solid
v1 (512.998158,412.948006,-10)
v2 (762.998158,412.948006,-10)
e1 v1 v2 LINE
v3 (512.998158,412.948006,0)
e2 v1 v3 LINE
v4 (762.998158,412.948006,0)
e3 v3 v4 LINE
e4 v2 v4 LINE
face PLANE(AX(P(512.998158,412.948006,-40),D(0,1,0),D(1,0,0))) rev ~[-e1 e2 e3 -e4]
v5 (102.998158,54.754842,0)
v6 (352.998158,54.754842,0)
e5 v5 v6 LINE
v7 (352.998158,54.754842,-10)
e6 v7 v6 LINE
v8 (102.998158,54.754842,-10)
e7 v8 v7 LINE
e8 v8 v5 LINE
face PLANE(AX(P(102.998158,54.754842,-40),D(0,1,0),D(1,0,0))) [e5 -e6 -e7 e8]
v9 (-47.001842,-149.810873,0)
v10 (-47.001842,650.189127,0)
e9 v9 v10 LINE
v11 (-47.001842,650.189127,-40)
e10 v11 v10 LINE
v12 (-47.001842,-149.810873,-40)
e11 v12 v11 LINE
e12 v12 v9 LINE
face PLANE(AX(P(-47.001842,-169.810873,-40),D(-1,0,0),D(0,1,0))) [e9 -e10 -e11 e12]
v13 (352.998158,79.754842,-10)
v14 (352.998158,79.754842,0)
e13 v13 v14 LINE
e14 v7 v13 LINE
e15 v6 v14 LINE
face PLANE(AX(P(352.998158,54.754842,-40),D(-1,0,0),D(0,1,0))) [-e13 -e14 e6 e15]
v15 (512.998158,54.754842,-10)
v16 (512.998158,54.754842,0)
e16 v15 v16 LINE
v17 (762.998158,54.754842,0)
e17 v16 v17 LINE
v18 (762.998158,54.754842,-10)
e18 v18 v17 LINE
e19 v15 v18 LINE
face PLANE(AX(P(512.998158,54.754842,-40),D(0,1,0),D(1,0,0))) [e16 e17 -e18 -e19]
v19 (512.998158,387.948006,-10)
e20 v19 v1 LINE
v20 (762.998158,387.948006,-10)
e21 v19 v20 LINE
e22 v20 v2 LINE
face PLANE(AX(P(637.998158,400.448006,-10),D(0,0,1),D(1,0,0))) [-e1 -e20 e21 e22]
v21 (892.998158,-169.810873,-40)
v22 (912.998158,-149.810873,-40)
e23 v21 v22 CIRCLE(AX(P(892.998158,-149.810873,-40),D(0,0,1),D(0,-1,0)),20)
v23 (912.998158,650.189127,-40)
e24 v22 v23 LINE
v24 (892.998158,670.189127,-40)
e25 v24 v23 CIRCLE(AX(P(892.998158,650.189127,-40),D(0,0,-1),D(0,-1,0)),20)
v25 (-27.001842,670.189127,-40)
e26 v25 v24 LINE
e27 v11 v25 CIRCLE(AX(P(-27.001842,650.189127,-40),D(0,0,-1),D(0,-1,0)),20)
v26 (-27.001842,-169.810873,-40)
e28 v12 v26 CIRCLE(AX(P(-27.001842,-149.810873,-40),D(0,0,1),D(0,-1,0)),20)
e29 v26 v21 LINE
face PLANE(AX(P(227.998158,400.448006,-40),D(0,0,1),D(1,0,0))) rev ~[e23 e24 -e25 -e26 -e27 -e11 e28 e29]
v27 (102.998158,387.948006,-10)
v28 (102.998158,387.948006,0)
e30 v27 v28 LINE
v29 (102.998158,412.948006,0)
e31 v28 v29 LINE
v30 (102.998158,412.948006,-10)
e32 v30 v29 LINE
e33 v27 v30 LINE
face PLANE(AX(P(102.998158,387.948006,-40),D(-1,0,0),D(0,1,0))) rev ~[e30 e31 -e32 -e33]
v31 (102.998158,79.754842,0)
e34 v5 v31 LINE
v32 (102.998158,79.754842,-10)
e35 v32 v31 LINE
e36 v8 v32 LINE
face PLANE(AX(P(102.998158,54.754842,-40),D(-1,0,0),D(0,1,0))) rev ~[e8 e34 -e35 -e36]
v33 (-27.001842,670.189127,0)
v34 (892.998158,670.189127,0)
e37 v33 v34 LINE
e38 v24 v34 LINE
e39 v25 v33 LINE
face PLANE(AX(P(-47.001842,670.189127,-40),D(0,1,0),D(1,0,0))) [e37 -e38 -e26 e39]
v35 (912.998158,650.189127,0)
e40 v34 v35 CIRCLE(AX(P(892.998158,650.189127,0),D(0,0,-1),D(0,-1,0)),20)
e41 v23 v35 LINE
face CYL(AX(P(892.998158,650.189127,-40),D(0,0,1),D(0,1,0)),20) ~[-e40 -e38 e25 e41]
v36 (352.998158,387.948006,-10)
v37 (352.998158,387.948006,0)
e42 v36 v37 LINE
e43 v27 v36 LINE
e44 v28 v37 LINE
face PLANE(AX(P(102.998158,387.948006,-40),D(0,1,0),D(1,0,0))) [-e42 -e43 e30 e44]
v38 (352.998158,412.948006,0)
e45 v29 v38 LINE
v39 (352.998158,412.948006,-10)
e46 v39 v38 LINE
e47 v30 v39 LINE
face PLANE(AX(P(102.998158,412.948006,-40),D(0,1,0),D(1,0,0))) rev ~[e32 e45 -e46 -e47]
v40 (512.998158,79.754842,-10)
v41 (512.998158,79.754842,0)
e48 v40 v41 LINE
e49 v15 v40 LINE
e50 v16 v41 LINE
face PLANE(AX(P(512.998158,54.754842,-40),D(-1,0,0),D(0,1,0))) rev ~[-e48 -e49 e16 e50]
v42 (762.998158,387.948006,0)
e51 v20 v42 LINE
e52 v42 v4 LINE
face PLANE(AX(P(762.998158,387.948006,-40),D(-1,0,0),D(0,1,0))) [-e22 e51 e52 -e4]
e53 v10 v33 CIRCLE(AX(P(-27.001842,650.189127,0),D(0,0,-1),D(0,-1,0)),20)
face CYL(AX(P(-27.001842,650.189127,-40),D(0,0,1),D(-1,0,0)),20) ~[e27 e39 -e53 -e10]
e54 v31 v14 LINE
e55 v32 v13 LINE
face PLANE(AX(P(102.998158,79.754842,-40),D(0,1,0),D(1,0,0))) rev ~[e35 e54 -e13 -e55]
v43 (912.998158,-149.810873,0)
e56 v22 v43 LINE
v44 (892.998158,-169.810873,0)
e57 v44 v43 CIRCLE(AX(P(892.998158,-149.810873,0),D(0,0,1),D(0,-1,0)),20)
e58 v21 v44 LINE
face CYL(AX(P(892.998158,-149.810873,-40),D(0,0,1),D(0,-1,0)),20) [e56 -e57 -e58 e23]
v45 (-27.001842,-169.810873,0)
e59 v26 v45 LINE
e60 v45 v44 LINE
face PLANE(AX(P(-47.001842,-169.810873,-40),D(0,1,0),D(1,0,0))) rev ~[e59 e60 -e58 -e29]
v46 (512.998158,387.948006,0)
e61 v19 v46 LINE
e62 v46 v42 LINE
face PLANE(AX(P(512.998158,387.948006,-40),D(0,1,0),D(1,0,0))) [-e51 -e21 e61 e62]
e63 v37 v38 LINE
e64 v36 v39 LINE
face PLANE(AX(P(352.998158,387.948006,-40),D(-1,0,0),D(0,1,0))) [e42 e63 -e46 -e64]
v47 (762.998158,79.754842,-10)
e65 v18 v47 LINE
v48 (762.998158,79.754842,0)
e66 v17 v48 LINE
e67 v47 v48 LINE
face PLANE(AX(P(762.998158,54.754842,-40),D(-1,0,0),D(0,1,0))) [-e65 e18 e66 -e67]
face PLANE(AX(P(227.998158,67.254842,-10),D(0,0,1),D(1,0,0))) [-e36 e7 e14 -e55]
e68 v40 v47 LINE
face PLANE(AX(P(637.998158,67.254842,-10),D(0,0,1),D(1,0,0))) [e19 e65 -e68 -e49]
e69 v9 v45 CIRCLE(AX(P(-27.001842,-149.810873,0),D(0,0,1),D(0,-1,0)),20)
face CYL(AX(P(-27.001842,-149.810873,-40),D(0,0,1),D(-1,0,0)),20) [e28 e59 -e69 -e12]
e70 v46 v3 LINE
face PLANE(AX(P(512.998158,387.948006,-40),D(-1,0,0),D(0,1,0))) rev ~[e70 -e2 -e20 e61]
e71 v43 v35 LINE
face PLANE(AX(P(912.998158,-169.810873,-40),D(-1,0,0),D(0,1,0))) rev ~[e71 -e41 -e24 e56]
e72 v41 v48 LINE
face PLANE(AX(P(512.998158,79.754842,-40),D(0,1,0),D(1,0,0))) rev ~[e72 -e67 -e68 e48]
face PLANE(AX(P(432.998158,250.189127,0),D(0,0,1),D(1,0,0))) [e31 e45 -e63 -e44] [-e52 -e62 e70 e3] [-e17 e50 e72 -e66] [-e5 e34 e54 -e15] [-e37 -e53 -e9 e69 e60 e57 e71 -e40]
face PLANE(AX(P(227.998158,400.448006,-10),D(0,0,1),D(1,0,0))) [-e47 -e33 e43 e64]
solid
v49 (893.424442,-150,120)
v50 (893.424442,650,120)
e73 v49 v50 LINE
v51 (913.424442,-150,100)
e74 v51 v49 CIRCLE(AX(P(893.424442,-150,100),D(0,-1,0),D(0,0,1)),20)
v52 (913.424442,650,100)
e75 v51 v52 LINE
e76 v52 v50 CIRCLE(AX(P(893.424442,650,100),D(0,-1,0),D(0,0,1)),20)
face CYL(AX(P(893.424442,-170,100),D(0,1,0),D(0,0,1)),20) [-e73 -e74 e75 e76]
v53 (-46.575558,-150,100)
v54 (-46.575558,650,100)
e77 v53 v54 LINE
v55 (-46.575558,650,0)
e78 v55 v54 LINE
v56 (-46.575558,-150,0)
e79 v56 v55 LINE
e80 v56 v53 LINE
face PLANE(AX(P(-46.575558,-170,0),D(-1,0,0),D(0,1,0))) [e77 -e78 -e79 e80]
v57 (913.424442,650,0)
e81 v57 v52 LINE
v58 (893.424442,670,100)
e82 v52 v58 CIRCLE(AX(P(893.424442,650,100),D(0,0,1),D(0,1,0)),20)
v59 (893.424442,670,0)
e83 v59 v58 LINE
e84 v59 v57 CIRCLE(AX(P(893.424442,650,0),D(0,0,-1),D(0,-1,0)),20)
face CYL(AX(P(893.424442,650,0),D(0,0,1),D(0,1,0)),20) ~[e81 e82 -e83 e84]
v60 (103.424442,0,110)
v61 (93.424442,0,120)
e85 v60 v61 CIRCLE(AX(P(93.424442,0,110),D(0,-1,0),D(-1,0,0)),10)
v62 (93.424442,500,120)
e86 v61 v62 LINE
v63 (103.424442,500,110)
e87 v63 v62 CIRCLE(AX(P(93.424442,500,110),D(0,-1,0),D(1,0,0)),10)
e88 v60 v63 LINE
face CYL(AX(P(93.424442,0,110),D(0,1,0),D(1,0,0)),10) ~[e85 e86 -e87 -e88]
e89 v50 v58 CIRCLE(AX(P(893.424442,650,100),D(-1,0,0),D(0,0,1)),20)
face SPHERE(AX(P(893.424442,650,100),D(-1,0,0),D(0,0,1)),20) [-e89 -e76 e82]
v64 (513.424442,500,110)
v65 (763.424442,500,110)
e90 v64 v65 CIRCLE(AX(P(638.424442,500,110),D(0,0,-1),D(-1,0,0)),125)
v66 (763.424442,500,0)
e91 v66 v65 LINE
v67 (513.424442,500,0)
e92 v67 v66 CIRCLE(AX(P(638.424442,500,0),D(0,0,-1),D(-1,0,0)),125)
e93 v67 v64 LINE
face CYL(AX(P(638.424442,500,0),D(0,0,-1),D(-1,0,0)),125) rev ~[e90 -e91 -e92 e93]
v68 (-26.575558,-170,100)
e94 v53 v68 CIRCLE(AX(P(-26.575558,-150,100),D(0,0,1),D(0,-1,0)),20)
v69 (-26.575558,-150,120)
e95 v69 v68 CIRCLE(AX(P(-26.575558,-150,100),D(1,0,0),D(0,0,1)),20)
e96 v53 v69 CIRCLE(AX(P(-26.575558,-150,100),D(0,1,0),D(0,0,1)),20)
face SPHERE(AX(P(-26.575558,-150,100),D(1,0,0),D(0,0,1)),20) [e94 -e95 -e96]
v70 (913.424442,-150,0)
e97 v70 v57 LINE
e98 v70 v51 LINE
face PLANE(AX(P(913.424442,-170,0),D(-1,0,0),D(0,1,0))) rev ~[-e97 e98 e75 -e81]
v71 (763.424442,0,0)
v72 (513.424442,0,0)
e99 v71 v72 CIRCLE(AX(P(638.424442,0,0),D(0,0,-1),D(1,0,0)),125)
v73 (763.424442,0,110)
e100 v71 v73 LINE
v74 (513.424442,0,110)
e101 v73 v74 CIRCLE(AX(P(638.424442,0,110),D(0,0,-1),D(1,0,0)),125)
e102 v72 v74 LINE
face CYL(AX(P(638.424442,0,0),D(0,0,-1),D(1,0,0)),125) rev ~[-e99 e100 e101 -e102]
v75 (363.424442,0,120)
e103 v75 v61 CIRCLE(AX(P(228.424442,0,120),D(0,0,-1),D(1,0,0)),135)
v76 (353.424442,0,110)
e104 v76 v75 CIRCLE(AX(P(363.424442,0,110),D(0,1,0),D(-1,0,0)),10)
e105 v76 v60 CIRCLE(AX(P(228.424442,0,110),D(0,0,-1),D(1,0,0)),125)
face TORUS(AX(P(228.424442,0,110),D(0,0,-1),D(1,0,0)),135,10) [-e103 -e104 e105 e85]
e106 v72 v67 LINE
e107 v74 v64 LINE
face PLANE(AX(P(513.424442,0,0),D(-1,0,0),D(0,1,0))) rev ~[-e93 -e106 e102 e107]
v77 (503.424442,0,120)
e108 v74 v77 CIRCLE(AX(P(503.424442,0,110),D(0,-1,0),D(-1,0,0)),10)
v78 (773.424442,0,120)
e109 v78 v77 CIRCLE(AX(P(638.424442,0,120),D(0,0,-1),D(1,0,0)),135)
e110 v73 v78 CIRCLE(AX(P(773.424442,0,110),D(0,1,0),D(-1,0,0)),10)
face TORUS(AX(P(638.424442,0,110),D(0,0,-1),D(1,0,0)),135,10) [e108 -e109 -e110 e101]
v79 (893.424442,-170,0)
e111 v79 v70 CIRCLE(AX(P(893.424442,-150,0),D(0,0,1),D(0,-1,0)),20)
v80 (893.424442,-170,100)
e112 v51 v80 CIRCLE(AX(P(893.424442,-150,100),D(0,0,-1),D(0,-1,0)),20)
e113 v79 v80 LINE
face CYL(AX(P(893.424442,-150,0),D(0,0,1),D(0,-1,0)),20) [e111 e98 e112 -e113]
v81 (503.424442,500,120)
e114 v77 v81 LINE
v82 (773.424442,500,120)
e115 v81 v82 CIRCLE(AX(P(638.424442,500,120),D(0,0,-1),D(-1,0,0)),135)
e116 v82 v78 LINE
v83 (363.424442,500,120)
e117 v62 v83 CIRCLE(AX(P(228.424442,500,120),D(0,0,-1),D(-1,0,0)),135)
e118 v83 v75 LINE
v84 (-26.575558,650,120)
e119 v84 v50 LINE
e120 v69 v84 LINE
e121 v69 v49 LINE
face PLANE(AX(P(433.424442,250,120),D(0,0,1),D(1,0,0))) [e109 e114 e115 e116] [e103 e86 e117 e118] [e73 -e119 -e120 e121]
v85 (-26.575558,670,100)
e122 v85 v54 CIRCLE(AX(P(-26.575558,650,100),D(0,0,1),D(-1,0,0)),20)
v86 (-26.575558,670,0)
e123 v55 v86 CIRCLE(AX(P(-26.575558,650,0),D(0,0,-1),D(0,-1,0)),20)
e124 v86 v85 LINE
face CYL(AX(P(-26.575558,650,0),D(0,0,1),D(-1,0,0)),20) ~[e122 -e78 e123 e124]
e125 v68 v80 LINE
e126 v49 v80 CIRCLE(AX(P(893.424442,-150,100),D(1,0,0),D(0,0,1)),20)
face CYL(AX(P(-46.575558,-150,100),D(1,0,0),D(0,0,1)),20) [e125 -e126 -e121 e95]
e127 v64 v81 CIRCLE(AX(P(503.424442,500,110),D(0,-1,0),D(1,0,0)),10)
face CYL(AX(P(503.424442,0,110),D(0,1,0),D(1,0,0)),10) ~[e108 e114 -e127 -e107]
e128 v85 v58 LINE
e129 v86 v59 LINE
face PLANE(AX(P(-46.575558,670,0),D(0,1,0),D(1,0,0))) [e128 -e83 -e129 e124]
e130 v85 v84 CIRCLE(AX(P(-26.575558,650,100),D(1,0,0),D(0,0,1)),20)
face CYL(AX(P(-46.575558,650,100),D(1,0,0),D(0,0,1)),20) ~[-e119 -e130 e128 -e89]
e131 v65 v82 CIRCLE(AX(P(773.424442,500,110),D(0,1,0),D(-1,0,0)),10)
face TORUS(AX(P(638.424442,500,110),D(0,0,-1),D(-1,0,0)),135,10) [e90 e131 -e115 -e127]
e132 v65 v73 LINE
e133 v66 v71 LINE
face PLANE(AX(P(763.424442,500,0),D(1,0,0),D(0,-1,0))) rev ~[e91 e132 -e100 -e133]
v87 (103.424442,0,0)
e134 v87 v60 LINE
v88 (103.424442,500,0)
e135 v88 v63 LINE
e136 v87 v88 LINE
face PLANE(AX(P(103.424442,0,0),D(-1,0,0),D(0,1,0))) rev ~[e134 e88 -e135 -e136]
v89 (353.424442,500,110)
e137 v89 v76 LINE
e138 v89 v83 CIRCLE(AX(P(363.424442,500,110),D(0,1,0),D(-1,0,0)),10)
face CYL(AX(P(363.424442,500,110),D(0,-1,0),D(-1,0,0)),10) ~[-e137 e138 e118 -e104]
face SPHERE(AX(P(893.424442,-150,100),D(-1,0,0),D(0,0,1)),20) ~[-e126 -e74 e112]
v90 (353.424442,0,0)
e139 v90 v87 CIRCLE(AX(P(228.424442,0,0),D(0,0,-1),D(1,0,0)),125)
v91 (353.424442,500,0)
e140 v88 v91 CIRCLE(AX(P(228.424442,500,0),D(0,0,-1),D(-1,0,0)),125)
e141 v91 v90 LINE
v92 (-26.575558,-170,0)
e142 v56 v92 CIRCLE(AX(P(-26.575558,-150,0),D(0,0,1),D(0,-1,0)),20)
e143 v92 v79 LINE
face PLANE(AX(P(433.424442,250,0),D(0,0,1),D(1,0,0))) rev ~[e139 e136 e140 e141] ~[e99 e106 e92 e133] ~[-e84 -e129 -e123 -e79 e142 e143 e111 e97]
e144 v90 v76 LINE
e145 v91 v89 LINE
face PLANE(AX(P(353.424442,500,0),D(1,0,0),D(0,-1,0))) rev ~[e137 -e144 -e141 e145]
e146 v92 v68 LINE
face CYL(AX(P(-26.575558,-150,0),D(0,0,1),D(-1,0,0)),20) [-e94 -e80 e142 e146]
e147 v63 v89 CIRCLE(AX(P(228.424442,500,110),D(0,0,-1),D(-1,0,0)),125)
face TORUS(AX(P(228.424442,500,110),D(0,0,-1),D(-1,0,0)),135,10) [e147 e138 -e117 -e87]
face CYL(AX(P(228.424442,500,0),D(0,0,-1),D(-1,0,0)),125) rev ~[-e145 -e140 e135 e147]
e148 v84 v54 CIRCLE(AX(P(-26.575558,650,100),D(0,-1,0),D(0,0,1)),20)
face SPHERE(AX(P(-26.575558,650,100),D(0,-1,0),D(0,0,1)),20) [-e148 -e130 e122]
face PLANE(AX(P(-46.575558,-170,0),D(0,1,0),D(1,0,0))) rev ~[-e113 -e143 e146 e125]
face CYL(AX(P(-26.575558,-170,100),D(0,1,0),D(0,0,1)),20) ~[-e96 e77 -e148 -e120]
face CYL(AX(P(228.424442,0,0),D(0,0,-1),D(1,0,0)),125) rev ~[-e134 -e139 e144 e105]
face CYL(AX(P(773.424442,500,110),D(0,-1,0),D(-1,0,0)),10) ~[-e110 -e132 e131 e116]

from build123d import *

# Parameters (mm, degrees)
F0_W     = 960
F0_H     = 840
F1_DEPTH = 120
F3_W     = 960
F3_H     = 840
F3_W_2   = 250
F3_H_2   = 25
F4_DEPTH = 40
F5_DEPTH = 30
F6_R     = 10
F7_R     = 20
F7_2_R   = 20


with BuildPart() as f1:
    # F0 (on Top) → F1 (new body)
    with BuildSketch(Plane.XY):
        with Locations((433.4244423313, 250)):
            Rectangle(F0_W, F0_H)
        with BuildLine():
            Line((103.4244423313, 420.3051773067), (103.4244423313, 500.0000000002))
            ThreePointArc((103.4244423313, 500.0000000002), (140.0360946831, 588.3883476484), (228.4244423313, 625))
            ThreePointArc((228.4244423313, 625), (316.8127899797, 588.3883476483), (353.4244423313, 500))
            Line((353.4244423313, 500), (353.4244423313, 420.1408478891))
            Line((353.4244423313, 420.1408478891), (353.4244423313, 419.9584157775))
            Line((353.4244423313, 419.9584157775), (353.4244423313, 0))
            ThreePointArc((353.4244423313, 0), (316.8127899796, -88.3883476482), (228.4244423313, -124.9999999998))
            ThreePointArc((228.4244423313, -124.9999999998), (140.036094683, -88.3883476481), (103.4244423313, 2e-10))
            Line((103.4244423313, 2e-10), (103.4244423313, 420))
            Line((103.4244423313, 420), (103.4244423313, 420.1321723057))
            Line((103.4244423313, 420.1321723057), (103.4244423313, 420.3051773067))
        make_face(mode=Mode.SUBTRACT)
        with BuildLine():
            Line((513.4244423313, 0), (513.4244423313, 500))
            ThreePointArc((513.4244423313, 500), (550.036094683, 588.3883476483), (638.4244423313, 625))
            ThreePointArc((638.4244423313, 625), (726.8127899797, 588.3883476483), (763.4244423313, 500))
            Line((763.4244423313, 500), (763.4244423313, 0))
            ThreePointArc((763.4244423313, 0), (726.8127899797, -88.3883476483), (638.4244423313, -125))
            ThreePointArc((638.4244423313, -125), (550.036094683, -88.3883476483), (513.4244423313, 0))
        make_face(mode=Mode.SUBTRACT)
    extrude(amount=F1_DEPTH)

    # F6
    f6_edges = [f1.edges().sort_by_distance(p)[0] for p in [
        (353.424442, 250, 120),
        (763.424442, 250, 120),
    ]]
    fillet(f6_edges, radius=F6_R)

    # F7
    f7_edges = [f1.edges().sort_by_distance(p)[0] for p in [
        (433.424442, -170, 120),
        (-46.575558, 250, 120),
        (433.424442, 670, 120),
        (913.424442, 250, 120),
        (-46.575558, -170, 60),
        (913.424442, -170, 60),
        (913.424442, 670, 60),
        (-46.575558, 670, 60),
    ]]
    fillet(f7_edges, radius=F7_R)


with BuildPart() as f4:
    # F3 (on offset) → F4 (new body)
    with BuildSketch(Plane.XY.offset(-40)):
        with Locations((432.9981575906, 250.189127326)):
            Rectangle(F3_W, F3_H)
        with Locations((227.9981575906, 67.2548420727)):
            Rectangle(F3_W_2, F3_H_2, mode=Mode.SUBTRACT)
        with Locations((637.9981575906, 67.2548420727)):
            Rectangle(F3_W_2, F3_H_2, mode=Mode.SUBTRACT)
        with Locations((227.9981575906, 400.4480063915)):
            Rectangle(F3_W_2, F3_H_2, mode=Mode.SUBTRACT)
        with Locations((637.9981575906, 400.4480063915)):
            Rectangle(F3_W_2, F3_H_2, mode=Mode.SUBTRACT)
    extrude(amount=F4_DEPTH)

    # F3 (on offset) → F5 (join)
    with BuildSketch(Plane.XY.offset(-40)):
        with Locations((227.9981575906, 400.4480063915)):
            Rectangle(F3_W_2, F3_H_2)
        with Locations((637.9981575906, 400.4480063915)):
            Rectangle(F3_W_2, F3_H_2)
        with Locations((227.9981575906, 67.2548420727)):
            Rectangle(F3_W_2, F3_H_2)
        with Locations((637.9981575906, 67.2548420727)):
            Rectangle(F3_W_2, F3_H_2)
    extrude(amount=F5_DEPTH)

    # F7#2
    f7_2_edges = [f4.edges().sort_by_distance(p)[0] for p in [
        (-47.001842, -169.810873, -20),
        (912.998158, -169.810873, -20),
        (912.998158, 670.189127, -20),
        (-47.001842, 670.189127, -20),
    ]]
    fillet(f7_2_edges, radius=F7_2_R)


solid = Compound([f1.part, f4.part])
